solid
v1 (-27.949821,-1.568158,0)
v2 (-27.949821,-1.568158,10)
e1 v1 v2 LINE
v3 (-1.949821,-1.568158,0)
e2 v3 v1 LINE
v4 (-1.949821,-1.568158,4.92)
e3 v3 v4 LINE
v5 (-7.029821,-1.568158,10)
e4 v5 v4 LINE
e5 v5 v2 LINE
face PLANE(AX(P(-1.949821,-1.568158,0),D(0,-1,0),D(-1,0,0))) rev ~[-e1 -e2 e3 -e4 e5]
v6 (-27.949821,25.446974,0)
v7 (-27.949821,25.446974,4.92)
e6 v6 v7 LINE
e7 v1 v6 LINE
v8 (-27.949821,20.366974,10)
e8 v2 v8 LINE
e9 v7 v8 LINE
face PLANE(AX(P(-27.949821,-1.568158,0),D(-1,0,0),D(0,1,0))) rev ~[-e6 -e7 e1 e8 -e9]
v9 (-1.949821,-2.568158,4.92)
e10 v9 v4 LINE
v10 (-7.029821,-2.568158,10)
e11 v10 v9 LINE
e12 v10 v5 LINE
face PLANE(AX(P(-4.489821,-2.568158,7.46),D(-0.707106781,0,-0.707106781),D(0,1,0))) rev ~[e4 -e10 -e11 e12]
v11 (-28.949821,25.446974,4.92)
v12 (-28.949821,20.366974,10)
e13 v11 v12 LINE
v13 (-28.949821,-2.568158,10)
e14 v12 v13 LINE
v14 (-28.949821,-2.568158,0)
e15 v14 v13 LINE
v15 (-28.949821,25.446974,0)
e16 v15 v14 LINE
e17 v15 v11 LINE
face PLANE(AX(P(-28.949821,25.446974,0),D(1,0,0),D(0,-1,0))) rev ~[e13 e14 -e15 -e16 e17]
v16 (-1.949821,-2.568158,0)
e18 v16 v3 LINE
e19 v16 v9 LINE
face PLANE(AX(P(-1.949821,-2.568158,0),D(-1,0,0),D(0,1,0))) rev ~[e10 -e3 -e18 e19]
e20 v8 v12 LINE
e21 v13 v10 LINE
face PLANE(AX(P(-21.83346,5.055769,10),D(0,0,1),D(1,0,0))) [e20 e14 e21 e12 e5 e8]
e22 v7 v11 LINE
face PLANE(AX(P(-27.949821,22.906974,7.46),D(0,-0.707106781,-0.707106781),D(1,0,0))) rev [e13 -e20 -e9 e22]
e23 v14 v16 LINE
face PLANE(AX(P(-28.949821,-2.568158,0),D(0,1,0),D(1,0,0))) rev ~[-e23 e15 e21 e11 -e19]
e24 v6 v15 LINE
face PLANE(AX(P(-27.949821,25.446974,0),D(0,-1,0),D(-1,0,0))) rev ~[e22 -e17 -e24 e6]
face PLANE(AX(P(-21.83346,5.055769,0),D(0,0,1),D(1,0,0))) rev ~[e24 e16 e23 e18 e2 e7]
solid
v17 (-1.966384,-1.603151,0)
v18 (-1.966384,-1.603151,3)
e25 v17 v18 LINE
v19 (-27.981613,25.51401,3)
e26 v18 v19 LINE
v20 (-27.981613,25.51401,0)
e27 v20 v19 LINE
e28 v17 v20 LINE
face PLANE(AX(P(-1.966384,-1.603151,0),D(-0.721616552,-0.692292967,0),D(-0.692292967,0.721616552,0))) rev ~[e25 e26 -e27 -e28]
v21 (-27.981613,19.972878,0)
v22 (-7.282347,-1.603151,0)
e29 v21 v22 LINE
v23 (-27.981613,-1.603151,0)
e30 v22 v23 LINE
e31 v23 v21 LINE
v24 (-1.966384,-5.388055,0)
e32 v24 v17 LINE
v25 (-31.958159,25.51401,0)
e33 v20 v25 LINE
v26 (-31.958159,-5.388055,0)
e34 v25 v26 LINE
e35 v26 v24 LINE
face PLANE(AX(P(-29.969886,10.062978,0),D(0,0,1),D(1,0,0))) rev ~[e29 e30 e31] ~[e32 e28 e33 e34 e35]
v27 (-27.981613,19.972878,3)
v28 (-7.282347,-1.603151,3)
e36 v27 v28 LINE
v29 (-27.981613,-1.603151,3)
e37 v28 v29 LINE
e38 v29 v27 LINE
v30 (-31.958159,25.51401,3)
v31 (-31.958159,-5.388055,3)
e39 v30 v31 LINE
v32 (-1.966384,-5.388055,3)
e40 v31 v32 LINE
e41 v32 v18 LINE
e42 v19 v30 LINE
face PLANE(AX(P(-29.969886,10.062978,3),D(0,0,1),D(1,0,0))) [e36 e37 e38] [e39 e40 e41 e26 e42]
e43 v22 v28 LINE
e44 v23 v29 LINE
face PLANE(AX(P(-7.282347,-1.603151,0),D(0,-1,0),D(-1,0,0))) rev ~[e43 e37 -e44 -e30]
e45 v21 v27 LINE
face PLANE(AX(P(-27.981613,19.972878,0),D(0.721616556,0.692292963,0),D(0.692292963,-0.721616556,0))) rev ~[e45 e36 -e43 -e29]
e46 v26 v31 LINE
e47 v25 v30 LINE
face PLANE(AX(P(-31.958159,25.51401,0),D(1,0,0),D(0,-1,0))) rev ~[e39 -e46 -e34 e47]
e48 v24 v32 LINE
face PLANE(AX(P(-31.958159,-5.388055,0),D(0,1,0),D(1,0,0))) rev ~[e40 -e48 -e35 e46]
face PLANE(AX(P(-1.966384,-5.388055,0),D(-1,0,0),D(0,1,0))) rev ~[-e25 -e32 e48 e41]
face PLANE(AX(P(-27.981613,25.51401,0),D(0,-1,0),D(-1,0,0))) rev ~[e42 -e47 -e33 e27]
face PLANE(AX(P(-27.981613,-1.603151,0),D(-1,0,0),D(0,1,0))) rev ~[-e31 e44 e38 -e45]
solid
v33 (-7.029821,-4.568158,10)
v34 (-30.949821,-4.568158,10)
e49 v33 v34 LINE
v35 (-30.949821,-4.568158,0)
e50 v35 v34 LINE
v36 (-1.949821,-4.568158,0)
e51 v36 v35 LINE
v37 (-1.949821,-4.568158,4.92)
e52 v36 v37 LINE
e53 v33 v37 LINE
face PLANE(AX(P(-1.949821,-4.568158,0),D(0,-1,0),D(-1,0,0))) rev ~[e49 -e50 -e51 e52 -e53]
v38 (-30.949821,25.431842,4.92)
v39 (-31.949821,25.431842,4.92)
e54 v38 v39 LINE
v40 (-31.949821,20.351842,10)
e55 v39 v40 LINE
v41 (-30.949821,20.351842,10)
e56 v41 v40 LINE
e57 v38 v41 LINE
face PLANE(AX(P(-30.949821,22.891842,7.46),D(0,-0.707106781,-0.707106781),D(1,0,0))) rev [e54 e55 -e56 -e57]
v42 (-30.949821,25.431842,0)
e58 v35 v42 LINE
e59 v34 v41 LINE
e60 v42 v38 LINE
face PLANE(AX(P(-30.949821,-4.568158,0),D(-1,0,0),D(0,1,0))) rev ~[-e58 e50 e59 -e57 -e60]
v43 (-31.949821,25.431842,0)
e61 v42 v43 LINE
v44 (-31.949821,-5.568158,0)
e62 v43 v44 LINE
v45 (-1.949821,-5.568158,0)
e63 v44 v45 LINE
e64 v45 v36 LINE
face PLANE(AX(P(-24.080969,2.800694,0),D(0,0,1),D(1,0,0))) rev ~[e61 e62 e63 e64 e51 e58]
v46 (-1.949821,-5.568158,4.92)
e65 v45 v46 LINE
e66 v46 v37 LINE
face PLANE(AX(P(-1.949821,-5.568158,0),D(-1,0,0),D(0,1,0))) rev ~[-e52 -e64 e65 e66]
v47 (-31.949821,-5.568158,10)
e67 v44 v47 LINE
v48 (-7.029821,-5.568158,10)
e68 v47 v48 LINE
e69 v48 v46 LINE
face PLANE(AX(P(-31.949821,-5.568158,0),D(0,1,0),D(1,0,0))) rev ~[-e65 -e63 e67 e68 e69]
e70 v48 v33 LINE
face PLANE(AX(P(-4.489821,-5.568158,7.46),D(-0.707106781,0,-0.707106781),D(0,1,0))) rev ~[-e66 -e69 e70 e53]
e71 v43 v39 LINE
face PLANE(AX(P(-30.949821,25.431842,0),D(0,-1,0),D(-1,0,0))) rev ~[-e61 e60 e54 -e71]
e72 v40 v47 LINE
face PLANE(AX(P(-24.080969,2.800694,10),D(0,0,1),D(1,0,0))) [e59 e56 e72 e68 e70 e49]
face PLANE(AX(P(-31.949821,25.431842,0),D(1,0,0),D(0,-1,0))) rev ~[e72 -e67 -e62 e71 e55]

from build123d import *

# Parameters (mm, degrees)
F1_DEPTH = 10
F3_DEPTH = 3
F4_SIZE  = 5.08
F5_SIZE  = 5.08
F6_SIZE  = 5.08


with BuildPart() as f1:
    # F0 (on Top) → F1 (new body)
    with BuildSketch(Plane.XY):
        Polygon((-30.949821, -4.568158), (-30.949821, 25.431842), (-31.949821, 25.431842), (-31.949821, -4.568158), (-31.949821, -5.568158), (-1.949821, -5.568158), (-1.949821, -4.568158), align=None)
        Polygon((-27.949821, 25.446974), (-28.949821, 25.446974), (-28.949821, -2.568158), (-27.949821, -2.568158), (-1.949821, -2.568158), (-1.949821, -1.568158), (-27.949821, -1.568158), align=None)
    extrude(amount=F1_DEPTH)

    # F4
    f4_edges = [f1.edges().sort_by_distance(p)[0] for p in [
        (-31.449821, 25.431842, 10),
    ]]
    chamfer(f4_edges, length=F4_SIZE)

    # F5
    f5_edges = [f1.edges().sort_by_distance(p)[0] for p in [
        (-28.449821, 25.446974, 10),
    ]]
    chamfer(f5_edges, length=F5_SIZE)

    # F6
    f6_edges = [f1.edges().sort_by_distance(p)[0] for p in [
        (-1.949821, -2.068158, 10),
        (-1.949821, -5.068158, 10),
    ]]
    chamfer(f6_edges, length=F6_SIZE)


with BuildPart() as f3:
    # F2 (on Top) → F3 (new body)
    with BuildSketch(Plane.XY):
        Polygon((-27.981613, 25.51401), (-31.958159, 25.51401), (-31.958159, -5.388055), (-27.981613, -5.388055), (-27.981613, -1.603151), (-27.981613, 19.972878), align=None)
        Polygon((-1.966384, -1.603151), (-27.981613, 25.51401), (-27.981613, 19.972878), (-7.282347, -1.603151), align=None)
        Polygon((-1.966384, -5.388055), (-1.966384, -1.603151), (-7.282347, -1.603151), (-27.981613, -1.603151), (-27.981613, -5.388055), align=None)
    extrude(amount=F3_DEPTH)


solid = Compound([f1.part, f3.part])
